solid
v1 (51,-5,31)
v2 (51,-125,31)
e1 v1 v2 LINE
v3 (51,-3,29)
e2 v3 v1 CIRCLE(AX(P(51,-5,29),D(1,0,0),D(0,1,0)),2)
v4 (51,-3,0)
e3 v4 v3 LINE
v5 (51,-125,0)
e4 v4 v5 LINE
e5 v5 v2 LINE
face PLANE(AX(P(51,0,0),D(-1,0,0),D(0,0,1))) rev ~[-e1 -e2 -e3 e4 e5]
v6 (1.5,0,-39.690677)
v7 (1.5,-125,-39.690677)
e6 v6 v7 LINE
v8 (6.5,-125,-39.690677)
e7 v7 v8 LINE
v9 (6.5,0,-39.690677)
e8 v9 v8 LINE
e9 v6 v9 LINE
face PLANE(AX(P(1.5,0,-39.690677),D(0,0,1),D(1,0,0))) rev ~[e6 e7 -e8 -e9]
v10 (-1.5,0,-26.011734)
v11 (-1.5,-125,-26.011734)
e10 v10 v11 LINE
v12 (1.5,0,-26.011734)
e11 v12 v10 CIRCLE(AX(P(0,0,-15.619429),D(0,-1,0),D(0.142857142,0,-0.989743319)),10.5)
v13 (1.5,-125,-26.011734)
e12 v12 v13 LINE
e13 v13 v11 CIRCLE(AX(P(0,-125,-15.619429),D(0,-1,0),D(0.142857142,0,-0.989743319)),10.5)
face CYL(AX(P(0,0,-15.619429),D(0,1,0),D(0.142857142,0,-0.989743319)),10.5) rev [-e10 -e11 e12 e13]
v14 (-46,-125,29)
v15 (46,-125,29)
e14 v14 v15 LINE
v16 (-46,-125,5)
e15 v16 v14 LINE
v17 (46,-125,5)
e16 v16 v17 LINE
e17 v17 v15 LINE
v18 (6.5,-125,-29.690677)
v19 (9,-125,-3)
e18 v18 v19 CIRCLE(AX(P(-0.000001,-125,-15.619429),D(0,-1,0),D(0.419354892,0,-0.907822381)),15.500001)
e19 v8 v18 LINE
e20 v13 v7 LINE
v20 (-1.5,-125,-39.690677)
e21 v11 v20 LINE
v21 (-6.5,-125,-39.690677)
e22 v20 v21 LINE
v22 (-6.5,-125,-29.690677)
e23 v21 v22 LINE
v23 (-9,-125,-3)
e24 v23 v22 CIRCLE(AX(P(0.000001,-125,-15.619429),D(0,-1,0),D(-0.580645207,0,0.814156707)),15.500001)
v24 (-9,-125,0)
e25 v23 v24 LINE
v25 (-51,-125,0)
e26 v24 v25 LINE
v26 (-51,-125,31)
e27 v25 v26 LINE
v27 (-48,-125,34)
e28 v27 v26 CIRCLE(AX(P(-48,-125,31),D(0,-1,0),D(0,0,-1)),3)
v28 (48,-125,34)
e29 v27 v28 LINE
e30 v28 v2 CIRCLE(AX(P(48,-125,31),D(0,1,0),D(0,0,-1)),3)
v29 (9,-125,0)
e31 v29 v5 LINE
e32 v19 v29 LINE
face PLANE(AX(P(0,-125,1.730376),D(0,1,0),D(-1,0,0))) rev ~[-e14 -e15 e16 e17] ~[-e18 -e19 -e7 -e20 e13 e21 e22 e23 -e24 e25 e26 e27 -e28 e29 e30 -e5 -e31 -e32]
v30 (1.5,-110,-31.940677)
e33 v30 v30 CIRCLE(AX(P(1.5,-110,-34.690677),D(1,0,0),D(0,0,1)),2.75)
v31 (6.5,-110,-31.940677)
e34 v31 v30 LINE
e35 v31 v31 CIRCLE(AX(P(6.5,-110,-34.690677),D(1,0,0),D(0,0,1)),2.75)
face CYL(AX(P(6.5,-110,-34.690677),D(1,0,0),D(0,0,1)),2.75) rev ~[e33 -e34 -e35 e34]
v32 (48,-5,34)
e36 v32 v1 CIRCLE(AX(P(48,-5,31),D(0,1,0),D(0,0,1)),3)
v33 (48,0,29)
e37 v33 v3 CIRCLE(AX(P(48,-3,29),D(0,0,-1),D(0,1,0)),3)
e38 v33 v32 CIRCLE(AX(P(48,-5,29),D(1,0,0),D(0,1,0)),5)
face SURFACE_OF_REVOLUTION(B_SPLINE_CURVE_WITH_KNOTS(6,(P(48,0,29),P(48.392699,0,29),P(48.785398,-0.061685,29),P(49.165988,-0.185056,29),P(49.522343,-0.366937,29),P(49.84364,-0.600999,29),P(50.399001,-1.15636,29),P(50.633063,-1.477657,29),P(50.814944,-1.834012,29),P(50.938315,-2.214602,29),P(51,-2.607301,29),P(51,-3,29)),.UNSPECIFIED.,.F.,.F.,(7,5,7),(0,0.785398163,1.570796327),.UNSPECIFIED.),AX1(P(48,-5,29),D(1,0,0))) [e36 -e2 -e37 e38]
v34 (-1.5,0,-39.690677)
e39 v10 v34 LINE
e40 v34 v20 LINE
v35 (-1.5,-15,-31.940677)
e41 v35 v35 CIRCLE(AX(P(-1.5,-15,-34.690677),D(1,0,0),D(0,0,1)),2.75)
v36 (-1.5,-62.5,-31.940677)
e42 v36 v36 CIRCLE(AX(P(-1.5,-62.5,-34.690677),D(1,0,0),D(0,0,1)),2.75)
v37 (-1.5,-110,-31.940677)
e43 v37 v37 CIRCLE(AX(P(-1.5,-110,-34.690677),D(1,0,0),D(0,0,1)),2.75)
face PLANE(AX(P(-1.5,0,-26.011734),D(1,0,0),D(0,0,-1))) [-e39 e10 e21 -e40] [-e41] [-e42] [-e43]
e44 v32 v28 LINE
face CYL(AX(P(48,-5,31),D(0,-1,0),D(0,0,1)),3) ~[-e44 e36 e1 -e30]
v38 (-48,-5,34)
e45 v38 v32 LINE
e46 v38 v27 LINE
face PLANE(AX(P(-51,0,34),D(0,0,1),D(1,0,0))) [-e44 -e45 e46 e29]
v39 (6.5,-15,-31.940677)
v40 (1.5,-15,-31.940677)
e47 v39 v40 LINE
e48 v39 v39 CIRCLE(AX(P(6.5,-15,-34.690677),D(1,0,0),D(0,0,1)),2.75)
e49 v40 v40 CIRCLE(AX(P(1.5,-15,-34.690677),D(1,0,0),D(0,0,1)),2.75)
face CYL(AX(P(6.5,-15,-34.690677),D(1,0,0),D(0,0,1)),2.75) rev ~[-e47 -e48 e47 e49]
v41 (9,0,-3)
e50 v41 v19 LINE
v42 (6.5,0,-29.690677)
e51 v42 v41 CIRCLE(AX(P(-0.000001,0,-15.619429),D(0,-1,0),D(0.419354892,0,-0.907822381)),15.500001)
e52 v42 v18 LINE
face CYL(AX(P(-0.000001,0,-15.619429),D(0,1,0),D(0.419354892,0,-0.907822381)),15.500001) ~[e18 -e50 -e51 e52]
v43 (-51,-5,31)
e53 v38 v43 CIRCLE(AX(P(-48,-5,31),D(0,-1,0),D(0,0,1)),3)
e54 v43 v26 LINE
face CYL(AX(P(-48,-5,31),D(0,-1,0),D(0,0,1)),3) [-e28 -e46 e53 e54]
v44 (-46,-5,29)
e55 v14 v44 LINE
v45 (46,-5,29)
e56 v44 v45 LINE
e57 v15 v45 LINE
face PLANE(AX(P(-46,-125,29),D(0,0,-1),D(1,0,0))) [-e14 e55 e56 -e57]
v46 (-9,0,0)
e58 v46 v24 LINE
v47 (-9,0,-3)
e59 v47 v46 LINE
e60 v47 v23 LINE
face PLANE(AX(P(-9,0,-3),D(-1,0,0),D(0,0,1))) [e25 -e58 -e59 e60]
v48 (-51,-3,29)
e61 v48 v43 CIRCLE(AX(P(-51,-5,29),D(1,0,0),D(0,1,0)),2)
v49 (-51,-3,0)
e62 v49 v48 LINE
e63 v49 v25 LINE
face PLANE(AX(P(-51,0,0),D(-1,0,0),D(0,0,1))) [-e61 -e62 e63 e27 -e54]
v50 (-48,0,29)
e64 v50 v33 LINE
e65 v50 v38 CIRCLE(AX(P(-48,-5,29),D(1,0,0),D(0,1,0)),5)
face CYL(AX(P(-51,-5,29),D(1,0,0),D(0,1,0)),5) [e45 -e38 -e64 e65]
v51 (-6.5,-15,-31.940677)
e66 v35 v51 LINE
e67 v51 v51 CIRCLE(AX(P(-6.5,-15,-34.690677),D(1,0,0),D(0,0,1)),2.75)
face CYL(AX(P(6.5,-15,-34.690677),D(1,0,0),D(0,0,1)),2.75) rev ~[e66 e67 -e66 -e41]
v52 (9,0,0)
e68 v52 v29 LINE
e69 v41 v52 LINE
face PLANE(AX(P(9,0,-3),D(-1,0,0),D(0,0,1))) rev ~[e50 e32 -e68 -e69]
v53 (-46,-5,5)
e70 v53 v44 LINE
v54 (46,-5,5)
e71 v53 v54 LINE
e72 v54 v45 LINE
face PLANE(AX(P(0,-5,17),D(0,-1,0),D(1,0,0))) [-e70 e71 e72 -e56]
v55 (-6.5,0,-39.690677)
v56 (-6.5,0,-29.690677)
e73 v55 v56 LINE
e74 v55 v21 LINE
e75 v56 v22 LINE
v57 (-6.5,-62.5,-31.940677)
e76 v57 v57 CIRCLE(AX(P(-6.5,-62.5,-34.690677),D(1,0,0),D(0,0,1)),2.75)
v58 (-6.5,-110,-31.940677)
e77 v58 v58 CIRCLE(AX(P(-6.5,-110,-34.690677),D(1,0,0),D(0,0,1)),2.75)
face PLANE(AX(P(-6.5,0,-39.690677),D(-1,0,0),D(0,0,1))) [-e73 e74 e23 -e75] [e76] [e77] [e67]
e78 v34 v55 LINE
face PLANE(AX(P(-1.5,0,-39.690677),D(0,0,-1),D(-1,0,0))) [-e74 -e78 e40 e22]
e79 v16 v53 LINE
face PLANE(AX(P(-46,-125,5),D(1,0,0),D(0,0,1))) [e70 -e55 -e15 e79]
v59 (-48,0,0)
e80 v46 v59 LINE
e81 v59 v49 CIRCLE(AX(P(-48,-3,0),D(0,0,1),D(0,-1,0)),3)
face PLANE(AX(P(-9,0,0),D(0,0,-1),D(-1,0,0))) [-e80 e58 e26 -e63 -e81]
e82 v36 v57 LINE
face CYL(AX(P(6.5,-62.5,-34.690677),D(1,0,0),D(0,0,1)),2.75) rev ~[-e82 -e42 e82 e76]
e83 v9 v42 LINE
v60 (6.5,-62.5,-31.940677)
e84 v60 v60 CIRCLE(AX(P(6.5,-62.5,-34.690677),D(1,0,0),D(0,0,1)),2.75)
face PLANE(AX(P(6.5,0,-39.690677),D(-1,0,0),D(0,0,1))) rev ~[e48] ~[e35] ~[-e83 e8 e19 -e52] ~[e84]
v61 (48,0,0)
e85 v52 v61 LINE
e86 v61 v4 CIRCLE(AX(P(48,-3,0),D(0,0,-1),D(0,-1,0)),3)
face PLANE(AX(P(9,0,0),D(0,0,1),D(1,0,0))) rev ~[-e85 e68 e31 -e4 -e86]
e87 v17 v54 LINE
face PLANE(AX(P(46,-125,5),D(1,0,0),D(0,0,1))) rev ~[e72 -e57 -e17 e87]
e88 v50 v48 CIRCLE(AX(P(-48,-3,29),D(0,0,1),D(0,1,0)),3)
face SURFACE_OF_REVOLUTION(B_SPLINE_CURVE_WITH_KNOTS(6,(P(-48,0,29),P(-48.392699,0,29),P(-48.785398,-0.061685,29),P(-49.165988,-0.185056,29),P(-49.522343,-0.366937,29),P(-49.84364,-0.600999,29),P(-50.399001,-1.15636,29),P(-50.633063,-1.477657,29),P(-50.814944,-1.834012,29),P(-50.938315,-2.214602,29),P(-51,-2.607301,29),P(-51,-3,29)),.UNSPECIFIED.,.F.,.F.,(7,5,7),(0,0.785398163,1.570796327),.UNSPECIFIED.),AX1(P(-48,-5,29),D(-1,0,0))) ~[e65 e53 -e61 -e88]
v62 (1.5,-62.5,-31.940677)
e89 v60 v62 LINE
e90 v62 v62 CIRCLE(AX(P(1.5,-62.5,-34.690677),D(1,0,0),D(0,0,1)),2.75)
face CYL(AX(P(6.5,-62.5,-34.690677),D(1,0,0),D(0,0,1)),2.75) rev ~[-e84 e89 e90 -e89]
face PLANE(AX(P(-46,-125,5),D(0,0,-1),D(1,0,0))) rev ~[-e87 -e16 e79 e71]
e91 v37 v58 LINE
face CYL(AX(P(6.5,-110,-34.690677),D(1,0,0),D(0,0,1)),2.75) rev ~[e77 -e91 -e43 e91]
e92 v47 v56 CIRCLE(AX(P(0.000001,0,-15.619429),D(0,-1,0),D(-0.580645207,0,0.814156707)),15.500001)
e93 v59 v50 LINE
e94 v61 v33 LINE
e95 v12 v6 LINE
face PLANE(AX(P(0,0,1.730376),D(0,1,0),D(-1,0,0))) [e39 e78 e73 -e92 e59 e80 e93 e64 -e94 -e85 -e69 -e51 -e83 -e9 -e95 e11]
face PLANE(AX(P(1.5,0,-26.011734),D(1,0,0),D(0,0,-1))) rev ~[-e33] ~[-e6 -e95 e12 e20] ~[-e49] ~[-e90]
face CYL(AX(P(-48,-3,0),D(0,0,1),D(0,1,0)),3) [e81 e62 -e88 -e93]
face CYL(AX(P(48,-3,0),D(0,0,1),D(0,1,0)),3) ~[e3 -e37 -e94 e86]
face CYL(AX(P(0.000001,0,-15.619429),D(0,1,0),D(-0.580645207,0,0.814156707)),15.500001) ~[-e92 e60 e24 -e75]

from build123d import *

# Parameters (mm, degrees)
PAD_DEPTH       = 125
SKETCH001_W     = 92
SKETCH001_H     = 24
POCKET_DEPTH    = 120
FILLET_R        = 5
FILLET001_R     = 3
FILLET002_R     = 3
SKETCH002_R     = 2.75
POCKET001_DEPTH = 57.501


with BuildPart() as part:
    # Sketch → Pad (new body)
    with BuildSketch(Plane.XZ):
        with BuildLine():
            ThreePointArc((1.5, -26.011734), (0, -5.119429), (-1.5, -26.011734))
            Line((-1.5, -26.011734), (-1.5, -39.690677))
            Line((-1.5, -39.690677), (-6.5, -39.690677))
            Line((-6.5, -39.690677), (-6.5, -29.690677))
            ThreePointArc((-9, -3), (-15.432451, -17.06492), (-6.5, -29.690677))
            Line((-9, -3), (-9, 0))
            Line((-9, 0), (-51, 0))
            Line((-51, 0), (-51, 34))
            Line((-51, 34), (51, 34))
            Line((51, 0), (51, 34))
            Line((9, 0), (51, 0))
            Line((9, -3), (9, 0))
            ThreePointArc((6.5, -29.690677), (15.432451, -17.06492), (9, -3))
            Line((6.5, -39.690677), (6.5, -29.690677))
            Line((1.5, -39.690677), (6.5, -39.690677))
            Line((1.5, -26.011734), (1.5, -39.690677))
        make_face()
    extrude(amount=PAD_DEPTH)

    # Sketch001 (on Face18 of Pad) → Pocket (cut)
    with BuildSketch(Plane.XZ.offset(125)):
        with Locations((0, 17)):
            Rectangle(SKETCH001_W, SKETCH001_H)
    extrude(amount=-POCKET_DEPTH, mode=Mode.SUBTRACT)

    # Fillet
    fillet_edges = [part.edges().sort_by_distance(p)[0] for p in [
        (0, 0, 34),
    ]]
    fillet(fillet_edges, radius=FILLET_R)

    # Fillet001
    fillet001_edges = [part.edges().sort_by_distance(p)[0] for p in [
        (51, 0, 14.5),
    ]]
    fillet(fillet001_edges, radius=FILLET001_R)

    # Fillet002
    fillet002_edges = [part.edges().sort_by_distance(p)[0] for p in [
        (-51, 0, 14.5),
    ]]
    fillet(fillet002_edges, radius=FILLET002_R)

    # Sketch002 (on Face12 of Fillet002) → Pocket001 (cut, through all)
    with BuildSketch(Plane(origin=(6.5, 0, 0), x_dir=(0, 0, 1), z_dir=(1, 0, 0))):
        with Locations((-34.690677, 110)):
            Circle(SKETCH002_R)
        with Locations((-34.690677, 62.5)):
            Circle(SKETCH002_R)
        with Locations((-34.690677, 15)):
            Circle(SKETCH002_R)
    extrude(amount=-POCKET001_DEPTH, mode=Mode.SUBTRACT)


solid = part.part
